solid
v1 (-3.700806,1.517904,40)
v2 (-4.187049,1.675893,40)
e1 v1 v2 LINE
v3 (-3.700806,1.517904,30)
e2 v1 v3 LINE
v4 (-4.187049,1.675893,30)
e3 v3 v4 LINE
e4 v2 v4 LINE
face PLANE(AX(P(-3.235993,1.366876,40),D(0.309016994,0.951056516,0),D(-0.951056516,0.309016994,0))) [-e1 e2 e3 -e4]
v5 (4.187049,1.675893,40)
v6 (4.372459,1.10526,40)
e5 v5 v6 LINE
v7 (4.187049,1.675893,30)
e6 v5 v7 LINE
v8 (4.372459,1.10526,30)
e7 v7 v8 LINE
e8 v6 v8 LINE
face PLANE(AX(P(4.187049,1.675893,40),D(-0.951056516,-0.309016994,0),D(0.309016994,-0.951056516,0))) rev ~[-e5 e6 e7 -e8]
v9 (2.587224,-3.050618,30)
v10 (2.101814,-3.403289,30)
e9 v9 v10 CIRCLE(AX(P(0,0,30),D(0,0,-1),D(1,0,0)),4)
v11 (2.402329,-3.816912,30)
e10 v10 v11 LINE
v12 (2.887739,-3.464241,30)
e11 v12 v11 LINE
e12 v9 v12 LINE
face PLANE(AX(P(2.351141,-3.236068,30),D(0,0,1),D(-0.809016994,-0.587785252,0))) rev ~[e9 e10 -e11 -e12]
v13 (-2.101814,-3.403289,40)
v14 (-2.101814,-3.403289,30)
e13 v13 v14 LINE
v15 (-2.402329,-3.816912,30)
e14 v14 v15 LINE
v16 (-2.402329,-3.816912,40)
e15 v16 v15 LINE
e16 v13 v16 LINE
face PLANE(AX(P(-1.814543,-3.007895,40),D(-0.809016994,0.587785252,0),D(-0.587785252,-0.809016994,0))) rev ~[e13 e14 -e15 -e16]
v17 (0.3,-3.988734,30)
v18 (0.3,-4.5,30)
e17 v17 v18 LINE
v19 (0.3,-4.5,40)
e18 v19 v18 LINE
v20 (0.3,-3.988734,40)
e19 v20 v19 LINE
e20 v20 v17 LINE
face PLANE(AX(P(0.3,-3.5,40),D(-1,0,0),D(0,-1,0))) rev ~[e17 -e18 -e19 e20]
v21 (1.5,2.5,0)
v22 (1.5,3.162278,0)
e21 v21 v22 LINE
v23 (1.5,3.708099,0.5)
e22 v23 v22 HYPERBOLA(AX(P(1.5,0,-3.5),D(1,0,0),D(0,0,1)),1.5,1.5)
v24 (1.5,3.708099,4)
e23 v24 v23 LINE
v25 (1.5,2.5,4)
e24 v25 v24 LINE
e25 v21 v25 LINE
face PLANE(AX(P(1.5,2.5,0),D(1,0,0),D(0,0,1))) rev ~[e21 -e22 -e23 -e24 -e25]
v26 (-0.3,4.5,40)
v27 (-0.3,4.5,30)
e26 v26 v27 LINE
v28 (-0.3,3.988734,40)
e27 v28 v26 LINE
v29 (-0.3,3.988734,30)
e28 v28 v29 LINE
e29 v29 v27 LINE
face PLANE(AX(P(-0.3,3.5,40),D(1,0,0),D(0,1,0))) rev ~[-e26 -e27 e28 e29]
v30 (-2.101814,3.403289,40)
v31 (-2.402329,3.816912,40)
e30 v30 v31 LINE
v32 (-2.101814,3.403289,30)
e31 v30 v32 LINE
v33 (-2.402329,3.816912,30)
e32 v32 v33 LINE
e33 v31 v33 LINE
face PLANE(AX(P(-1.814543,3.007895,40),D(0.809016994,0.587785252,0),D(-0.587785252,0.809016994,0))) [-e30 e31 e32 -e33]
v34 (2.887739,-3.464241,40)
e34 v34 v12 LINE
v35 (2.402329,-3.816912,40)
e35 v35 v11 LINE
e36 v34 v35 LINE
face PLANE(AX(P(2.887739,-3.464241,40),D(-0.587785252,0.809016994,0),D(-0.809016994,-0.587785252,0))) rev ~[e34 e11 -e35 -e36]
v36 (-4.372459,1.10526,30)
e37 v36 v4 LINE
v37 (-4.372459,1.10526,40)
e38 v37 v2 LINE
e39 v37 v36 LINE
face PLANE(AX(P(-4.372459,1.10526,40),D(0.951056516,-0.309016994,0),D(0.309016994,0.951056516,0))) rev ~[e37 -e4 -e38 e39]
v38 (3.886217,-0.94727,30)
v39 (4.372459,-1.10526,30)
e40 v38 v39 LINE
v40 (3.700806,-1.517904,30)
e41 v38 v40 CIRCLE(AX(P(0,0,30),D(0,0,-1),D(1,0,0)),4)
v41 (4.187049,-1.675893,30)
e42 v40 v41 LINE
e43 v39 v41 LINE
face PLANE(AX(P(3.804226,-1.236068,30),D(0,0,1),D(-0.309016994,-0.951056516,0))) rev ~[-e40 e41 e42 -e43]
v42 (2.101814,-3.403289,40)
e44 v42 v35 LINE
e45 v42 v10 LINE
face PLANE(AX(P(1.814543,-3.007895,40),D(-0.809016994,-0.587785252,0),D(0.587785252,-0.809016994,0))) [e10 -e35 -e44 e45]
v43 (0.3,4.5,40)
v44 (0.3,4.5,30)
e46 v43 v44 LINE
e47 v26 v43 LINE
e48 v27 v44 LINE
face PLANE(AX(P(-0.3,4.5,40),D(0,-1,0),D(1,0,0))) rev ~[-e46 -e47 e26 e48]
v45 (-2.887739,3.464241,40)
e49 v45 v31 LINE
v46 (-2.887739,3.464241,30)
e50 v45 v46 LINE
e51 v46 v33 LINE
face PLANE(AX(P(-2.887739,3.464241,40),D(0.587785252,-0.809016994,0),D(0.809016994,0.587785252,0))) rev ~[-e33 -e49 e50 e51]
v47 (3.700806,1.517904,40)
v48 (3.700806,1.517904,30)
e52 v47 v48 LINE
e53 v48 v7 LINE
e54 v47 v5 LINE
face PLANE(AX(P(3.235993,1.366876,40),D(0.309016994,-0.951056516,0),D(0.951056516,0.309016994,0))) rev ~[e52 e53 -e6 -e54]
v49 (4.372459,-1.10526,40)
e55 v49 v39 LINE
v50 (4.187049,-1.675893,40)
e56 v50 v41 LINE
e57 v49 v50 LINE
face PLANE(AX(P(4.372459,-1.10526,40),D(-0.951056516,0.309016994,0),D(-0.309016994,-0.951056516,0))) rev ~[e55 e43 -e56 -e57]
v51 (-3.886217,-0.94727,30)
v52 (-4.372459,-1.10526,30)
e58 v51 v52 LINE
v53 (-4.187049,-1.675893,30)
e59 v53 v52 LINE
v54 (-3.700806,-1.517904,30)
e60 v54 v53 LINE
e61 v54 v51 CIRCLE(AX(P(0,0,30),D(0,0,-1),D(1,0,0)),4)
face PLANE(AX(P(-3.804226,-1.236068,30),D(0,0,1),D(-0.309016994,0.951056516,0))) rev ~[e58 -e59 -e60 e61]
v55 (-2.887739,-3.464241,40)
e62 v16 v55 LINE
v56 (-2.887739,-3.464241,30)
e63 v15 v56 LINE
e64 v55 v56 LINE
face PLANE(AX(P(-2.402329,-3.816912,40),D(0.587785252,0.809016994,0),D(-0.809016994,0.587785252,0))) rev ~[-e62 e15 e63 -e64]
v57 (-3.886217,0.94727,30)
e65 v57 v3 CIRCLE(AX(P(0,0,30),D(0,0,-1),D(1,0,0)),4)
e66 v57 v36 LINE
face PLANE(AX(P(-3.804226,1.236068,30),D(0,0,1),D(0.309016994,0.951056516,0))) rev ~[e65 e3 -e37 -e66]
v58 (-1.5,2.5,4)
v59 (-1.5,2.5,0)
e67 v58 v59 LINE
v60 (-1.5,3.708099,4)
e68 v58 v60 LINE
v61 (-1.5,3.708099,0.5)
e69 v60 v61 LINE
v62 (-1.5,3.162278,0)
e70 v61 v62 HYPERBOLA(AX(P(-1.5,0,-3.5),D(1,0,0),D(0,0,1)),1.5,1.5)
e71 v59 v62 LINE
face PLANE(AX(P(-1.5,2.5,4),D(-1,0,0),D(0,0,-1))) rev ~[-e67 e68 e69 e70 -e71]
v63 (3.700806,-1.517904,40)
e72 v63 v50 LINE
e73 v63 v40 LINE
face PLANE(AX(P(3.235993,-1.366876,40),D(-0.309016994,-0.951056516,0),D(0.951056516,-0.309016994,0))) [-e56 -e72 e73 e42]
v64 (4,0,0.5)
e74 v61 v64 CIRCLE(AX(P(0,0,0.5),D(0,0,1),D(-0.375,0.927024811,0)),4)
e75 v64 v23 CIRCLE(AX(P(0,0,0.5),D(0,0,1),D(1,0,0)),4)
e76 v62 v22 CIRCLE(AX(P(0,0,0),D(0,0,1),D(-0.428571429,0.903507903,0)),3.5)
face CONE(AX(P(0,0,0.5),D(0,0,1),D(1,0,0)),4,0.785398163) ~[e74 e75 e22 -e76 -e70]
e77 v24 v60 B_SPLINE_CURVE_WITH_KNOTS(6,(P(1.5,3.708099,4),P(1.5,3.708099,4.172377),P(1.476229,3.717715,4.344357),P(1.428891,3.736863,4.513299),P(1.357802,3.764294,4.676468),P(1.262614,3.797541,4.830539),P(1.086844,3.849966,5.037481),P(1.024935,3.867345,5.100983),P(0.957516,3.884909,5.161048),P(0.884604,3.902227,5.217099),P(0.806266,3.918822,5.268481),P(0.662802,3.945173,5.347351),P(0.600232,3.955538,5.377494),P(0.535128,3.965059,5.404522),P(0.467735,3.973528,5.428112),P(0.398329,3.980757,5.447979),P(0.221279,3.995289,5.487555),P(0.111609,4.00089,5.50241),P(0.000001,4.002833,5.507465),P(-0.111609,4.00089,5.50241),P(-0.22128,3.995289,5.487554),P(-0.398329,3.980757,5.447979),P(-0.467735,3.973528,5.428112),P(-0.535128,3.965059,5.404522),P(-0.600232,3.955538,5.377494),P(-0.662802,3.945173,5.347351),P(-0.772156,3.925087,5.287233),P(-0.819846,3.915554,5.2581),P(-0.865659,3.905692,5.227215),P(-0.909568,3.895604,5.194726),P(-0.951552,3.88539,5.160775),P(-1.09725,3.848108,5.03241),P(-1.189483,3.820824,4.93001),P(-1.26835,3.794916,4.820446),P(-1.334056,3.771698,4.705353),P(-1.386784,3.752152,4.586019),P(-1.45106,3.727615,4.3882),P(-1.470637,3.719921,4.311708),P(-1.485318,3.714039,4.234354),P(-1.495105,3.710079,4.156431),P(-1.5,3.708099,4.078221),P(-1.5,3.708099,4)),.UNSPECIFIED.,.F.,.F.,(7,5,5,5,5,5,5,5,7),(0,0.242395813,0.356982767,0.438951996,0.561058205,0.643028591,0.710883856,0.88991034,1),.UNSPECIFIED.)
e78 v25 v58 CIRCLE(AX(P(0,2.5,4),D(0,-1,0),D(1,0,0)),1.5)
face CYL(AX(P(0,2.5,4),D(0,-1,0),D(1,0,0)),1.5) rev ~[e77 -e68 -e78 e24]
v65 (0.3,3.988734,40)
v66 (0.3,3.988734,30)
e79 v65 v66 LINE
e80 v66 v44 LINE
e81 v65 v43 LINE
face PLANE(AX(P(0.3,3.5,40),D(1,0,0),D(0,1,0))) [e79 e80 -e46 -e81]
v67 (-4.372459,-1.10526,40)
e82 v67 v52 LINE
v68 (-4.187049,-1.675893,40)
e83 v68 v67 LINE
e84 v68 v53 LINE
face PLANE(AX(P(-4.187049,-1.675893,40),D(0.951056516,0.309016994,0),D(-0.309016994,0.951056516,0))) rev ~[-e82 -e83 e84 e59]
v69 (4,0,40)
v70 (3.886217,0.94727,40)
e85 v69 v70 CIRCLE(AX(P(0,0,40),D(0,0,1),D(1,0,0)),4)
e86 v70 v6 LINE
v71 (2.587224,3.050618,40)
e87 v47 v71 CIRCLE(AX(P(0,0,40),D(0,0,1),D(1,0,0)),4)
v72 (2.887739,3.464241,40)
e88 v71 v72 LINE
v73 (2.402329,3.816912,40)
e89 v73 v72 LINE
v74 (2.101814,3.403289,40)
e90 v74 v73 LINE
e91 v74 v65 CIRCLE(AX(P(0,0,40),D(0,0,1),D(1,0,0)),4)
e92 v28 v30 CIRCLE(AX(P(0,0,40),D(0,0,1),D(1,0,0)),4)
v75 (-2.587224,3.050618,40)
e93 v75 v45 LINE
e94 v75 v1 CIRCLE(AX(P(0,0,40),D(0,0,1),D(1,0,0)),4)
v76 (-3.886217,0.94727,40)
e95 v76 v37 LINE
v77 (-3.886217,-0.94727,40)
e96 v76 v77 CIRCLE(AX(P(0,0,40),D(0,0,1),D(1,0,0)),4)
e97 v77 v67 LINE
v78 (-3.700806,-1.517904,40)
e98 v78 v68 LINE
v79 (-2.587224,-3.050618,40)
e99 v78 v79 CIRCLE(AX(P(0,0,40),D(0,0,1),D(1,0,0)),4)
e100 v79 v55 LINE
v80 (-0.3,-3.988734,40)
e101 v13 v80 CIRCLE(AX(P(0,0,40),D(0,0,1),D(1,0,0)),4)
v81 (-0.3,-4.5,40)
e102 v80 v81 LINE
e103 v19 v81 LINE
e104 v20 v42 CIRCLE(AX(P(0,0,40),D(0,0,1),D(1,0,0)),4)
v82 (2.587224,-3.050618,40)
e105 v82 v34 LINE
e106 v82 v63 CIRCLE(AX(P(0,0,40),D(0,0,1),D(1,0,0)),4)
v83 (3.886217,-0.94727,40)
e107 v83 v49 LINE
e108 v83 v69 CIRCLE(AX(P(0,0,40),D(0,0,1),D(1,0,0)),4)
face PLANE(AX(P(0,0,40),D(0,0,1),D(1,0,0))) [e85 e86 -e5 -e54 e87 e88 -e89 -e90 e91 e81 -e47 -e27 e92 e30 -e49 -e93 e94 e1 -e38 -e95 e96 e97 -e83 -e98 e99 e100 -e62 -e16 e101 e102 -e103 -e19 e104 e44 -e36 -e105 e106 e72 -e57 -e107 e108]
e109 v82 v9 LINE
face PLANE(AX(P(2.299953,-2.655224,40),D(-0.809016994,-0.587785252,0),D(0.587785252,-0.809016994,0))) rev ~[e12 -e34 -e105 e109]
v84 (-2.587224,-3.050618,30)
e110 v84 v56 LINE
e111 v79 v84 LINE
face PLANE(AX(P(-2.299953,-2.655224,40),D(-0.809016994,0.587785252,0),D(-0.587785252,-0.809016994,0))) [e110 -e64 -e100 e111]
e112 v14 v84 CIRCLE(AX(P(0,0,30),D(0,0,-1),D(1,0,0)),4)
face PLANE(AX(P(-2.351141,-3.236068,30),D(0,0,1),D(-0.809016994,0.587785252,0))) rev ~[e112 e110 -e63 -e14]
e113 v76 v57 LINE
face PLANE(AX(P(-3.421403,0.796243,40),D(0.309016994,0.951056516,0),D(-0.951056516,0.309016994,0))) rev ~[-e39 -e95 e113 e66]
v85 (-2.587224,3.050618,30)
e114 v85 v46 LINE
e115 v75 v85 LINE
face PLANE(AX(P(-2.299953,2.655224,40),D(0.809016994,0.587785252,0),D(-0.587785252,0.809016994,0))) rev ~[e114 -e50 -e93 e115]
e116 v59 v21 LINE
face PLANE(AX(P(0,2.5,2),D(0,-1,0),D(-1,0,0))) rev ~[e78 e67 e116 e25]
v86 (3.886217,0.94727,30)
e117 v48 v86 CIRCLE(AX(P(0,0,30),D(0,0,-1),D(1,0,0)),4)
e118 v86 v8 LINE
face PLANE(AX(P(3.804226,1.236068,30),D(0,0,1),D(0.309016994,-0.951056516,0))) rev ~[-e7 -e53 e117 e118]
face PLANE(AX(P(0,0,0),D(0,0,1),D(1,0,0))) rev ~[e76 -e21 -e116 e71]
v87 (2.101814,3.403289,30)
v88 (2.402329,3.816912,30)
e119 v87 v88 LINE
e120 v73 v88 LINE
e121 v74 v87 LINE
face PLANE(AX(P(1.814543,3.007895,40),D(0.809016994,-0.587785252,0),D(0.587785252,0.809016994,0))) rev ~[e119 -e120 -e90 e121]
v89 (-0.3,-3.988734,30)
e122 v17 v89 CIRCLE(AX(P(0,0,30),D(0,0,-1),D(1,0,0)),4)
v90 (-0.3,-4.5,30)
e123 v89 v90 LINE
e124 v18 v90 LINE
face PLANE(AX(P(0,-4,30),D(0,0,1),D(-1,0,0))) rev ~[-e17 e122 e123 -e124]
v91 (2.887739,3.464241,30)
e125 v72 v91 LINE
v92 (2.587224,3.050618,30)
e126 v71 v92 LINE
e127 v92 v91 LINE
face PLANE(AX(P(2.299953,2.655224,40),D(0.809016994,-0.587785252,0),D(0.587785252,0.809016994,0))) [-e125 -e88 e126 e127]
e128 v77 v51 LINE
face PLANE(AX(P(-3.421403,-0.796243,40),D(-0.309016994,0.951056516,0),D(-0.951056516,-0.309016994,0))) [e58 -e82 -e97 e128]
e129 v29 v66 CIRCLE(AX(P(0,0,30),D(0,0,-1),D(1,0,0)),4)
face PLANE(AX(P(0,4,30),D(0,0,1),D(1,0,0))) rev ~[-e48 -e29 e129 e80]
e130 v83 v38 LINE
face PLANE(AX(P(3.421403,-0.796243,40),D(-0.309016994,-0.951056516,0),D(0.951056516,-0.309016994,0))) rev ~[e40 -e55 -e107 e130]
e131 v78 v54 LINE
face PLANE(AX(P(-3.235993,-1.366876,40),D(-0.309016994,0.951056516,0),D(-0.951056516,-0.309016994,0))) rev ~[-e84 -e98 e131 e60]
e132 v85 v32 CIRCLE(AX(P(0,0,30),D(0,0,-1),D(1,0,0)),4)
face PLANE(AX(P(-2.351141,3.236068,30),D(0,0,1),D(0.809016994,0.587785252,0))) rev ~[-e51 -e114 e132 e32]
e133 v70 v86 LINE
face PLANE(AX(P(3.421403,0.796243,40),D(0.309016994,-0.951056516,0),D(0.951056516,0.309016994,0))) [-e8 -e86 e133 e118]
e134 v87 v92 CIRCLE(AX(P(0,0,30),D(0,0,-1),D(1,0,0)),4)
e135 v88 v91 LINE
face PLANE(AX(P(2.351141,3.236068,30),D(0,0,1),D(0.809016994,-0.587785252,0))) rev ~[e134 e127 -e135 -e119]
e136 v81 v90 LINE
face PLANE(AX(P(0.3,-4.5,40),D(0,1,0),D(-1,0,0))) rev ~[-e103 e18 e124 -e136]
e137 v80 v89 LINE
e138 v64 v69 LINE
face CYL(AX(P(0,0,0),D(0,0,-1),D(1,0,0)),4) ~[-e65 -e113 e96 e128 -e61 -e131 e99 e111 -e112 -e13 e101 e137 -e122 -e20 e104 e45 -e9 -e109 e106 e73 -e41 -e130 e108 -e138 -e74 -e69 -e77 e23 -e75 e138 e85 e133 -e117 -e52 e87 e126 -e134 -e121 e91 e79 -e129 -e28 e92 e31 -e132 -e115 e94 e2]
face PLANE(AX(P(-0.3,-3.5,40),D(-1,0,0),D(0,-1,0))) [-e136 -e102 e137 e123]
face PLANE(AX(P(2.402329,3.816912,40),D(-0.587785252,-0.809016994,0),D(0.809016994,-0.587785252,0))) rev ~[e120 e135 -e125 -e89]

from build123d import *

# Parameters (mm, degrees)
SKETCH1_R           = 4
BOSS_EXTRUDE1_DEPTH = 40
CUT_EXTRUDE1_START  = 2.5
CUT_EXTRUDE1_DEPTH  = 38.898019753
CHAMFER1_SIZE       = 0.5
SKETCH3_W           = 0.6
SKETCH3_H           = 1
BOSS_EXTRUDE2_DEPTH = 10
CIRPATTERN1_COUNT   = 10


with BuildPart() as part:
    # Sketch1 → Boss-Extrude1 (new body)
    with BuildSketch(Plane.XY):
        Circle(SKETCH1_R)
    extrude(amount=BOSS_EXTRUDE1_DEPTH)

    # Sketch2 → Cut-Extrude1 (cut, through all)
    with BuildSketch(Plane(origin=(0, 0, 0), x_dir=(1, 0, 0), z_dir=(0, 1, 0)).offset(CUT_EXTRUDE1_START)):
        with BuildLine():
            Line((1.5, 0), (1.5, -4))
            ThreePointArc((1.5, -4), (0, -5.5), (-1.5, -4))
            Line((-1.5, -4), (-1.5, 0))
            ThreePointArc((-1.5, 0), (0, 1.5), (1.5, 0))
        make_face()
    extrude(amount=CUT_EXTRUDE1_DEPTH, mode=Mode.SUBTRACT)

    # Chamfer1
    chamfer1_edges = [part.edges().sort_by_distance(p)[0] for p in [
        (-2.236067977, -3.31662479, 0),
    ]]
    chamfer(chamfer1_edges, length=CHAMFER1_SIZE)

    # Sketch3 → Boss-Extrude2 (add)
    with BuildSketch(Plane.XY.offset(40)):
        with Locations((0, 4)):
            Rectangle(SKETCH3_W, SKETCH3_H)
    boss_extrude2 = extrude(amount=-BOSS_EXTRUDE2_DEPTH)

    # CirPattern1: Boss-Extrude2 ×10 about axis
    cirpattern1_axis = Axis((0, 0, 0), (0, 0, 1))
    for i in range(1, CIRPATTERN1_COUNT):
        add(boss_extrude2.rotate(cirpattern1_axis, i * 360 / CIRPATTERN1_COUNT))


solid = part.part
